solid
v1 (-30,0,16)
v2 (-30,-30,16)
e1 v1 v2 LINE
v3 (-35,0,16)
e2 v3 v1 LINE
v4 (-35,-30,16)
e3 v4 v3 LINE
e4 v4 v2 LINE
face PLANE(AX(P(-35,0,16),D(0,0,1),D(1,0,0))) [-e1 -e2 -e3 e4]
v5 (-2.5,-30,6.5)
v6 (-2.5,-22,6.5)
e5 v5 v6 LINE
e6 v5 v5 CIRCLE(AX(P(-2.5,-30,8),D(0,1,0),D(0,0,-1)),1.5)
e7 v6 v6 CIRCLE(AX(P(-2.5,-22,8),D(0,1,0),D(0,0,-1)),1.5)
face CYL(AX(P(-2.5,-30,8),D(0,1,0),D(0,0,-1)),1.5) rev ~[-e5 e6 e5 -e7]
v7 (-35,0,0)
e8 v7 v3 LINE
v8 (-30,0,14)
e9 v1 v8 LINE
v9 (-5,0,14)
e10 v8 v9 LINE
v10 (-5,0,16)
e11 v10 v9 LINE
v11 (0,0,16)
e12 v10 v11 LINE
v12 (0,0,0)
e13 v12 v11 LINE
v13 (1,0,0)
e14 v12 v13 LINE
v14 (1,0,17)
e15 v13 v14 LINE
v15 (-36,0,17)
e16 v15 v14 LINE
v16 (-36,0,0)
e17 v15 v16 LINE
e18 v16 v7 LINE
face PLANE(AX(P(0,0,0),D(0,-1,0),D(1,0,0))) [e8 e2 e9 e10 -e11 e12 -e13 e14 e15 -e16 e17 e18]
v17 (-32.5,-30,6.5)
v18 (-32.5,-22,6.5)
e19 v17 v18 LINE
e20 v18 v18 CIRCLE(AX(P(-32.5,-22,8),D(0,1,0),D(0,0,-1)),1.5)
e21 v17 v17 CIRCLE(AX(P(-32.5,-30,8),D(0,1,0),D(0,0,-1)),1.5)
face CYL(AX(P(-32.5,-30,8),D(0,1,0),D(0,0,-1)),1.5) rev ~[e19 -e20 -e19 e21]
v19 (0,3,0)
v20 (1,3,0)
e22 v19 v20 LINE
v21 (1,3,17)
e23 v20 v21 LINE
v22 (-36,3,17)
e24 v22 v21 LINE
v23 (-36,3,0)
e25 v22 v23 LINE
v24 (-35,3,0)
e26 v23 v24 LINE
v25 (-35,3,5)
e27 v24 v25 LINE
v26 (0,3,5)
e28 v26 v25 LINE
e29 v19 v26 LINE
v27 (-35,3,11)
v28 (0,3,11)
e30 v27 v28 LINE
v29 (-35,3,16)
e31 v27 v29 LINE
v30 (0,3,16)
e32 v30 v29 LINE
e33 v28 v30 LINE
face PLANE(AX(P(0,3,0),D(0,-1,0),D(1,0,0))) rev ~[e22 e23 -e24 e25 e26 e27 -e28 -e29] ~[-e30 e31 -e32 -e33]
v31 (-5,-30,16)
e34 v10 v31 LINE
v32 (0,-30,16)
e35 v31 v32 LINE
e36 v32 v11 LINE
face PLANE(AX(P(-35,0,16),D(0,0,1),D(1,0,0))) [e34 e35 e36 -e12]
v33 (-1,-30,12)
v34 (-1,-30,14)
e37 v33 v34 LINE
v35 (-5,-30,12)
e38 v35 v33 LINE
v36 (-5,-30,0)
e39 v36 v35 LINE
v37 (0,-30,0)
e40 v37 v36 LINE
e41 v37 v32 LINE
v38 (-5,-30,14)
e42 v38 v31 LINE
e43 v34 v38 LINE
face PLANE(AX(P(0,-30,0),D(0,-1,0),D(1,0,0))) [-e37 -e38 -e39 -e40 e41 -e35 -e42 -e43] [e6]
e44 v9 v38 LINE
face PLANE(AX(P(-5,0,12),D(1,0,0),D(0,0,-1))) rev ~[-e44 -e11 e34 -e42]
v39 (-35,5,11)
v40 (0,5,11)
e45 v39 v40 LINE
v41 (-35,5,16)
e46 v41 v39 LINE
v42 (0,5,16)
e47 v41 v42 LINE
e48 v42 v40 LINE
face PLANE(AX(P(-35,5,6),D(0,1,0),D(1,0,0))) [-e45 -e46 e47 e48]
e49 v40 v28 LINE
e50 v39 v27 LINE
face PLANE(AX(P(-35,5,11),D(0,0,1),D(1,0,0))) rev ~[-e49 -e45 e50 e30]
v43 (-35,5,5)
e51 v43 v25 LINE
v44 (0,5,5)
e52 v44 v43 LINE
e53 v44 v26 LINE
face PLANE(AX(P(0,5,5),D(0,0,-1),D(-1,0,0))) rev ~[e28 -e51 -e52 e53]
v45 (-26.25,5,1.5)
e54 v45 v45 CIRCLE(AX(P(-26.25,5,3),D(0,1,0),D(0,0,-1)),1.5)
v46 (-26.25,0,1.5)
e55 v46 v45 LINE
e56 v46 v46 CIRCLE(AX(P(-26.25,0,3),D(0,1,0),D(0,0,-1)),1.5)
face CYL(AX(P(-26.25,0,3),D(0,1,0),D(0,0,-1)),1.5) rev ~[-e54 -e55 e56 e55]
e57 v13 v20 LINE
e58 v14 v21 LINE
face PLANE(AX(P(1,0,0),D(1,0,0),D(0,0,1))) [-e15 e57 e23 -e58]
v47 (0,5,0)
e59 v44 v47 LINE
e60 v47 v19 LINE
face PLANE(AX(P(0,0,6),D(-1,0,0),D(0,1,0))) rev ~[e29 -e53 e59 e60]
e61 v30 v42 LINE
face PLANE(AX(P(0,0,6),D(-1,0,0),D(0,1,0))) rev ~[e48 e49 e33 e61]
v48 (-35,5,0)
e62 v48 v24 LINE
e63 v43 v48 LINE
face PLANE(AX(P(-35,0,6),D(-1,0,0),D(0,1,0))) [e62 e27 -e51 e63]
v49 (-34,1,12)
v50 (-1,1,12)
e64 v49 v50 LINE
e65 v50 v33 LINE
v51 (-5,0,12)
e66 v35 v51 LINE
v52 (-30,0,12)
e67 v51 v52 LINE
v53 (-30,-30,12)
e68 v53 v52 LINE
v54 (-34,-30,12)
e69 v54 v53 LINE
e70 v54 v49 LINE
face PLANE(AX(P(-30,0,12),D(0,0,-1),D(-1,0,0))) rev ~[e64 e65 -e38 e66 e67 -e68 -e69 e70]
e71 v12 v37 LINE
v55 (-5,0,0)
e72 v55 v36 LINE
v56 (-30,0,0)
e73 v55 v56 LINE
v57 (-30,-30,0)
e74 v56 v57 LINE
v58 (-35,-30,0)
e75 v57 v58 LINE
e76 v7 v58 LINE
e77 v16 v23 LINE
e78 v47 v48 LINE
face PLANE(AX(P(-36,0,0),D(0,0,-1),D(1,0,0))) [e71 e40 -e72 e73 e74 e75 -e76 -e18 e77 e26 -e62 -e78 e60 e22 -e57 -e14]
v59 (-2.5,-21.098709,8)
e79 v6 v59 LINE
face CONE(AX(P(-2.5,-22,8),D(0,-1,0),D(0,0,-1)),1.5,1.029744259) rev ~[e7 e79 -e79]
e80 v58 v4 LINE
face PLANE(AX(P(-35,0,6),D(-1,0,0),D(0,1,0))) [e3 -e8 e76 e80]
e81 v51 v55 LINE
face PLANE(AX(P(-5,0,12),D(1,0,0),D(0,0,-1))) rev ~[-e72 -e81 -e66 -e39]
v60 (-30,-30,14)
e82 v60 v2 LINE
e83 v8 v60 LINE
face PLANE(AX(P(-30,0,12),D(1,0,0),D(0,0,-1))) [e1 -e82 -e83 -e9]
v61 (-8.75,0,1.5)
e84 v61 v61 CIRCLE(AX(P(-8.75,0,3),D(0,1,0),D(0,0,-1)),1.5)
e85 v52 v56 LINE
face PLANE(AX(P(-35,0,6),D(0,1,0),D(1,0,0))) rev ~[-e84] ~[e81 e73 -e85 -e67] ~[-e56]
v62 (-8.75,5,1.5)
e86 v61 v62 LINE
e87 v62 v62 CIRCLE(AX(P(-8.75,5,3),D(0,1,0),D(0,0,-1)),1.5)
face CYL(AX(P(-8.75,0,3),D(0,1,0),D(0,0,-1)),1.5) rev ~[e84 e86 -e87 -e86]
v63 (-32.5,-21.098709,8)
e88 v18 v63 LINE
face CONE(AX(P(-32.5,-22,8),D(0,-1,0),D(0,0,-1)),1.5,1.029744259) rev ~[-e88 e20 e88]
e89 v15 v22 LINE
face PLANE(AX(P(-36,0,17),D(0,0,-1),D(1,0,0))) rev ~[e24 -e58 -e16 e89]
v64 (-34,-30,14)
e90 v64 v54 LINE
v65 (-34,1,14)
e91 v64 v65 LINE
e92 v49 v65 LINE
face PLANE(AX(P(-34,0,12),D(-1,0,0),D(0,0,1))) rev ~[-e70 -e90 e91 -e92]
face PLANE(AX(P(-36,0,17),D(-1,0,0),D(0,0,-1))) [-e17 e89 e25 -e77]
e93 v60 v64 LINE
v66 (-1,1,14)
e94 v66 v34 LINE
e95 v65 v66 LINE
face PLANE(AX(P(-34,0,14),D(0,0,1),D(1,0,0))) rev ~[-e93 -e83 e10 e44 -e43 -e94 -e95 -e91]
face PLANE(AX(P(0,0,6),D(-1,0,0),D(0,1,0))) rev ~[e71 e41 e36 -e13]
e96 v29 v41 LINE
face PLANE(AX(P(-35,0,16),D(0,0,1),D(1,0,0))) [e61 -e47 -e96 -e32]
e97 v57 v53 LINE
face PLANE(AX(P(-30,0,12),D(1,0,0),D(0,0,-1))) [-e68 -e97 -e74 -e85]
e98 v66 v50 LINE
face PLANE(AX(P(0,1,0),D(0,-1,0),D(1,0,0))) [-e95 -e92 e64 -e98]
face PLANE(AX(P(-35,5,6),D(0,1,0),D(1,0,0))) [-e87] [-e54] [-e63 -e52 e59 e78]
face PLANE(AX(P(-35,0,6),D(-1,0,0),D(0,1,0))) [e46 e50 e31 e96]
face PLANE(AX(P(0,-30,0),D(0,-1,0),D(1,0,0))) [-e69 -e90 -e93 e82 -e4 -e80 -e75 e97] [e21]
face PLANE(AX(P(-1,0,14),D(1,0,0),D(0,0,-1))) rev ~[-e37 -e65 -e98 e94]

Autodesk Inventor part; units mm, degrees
ref_plane "YZ Plane" through (0, 0, 0) normal (1, 0, 0) x (0, 1, 0)
ref_plane "XZ Plane" through (0, 0, 0) normal (0, 1, 0) x (-1, 0, 0)
ref_plane "XY Plane" through (0, 0, 0) normal (0, 0, 1) x (1, 0, 0)
sketch "Sketch1" plane through (0, 0, 0) normal (0, 1, 0) x (-1, 0, 0)
  line L0 (0, 0) -> (35, 0)
  line L1 (35, 0) -> (35, 6)
  line L2 (0, 6) -> (35, 6)
  line L3 (0, 0) -> (0, 6)
  line L4 (0, 6) -> (0, 0)
  line L5 (0, 3) -> (35, 3)
  line L6 (17.5, 3) -> (35, 3)
  line L7 (17.5, 3) -> (0, 3)
  point P0 (17.5, 0)
  point P1 (8.75, 3)
  point P2 (26.25, 3)
extrude "Extrusion1" add sketch "Sketch1" along normal blind 5
sketch "Sketch2" plane through (-35, 0, 6) normal (0, 0, 1) x (1, 0, 0)
  line L0 (0, 0) -> (35, 0) projected
  line L1 (35, 0) -> (35, 5) projected
  line L2 (0, 5) -> (35, 5) projected
  line L3 (0, 0) -> (0, 5) projected
extrude "Extrusion2" add sketch "Sketch2" along normal blind 10
sketch "Sketch3" plane through (0, 5, 0) normal (0, 1, 0) x (1, 0, 0)
  line L0 (0, 0) -> (0, -16) projected
  line L1 (0, 0) -> (-35, 0) projected
  line L2 (-35, 0) -> (-35, -16) projected
  line L3 (0, -16) -> (-35, -16) projected
  line L4 (-35, 0) -> (-35, -16) projected
  line L5 (-35, -11) -> (0, -11)
  line L6 (0, -11) -> (0, -5)
  line L7 (0, -5) -> (-35, -5)
  line L8 (-35, -5) -> (-35, -11)
  dimension "d4" = 5
  dimension "d5" = 5
extrude "Extrusion3" cut sketch "Sketch3" against normal blind 2 contours L0 L5 L2 L7
sketch "Sketch4" plane through (0, 0, 0) normal (0, -1, 0) x (1, 0, 0)
  line L0 (-35, 0) -> (0, 0)
  line L1 (0, 0) -> (0, 6)
  line L2 (-35, 6) -> (0, 6)
  line L3 (-35, 0) -> (-35, 6)
  line L4 (-35, 6) -> (-35, 0)
  line L5 (-35, 3) -> (0, 3)
  line L6 (-17.5, 3) -> (0, 3)
  line L7 (-17.5, 3) -> (-35, 3)
  point P0 (0, 0)
  point P1 (-17.5, 0)
  point P2 (-8.75, 3)
  point P3 (-26.25, 3)
hole "Hole1" at (-8.75, 0, 3) at (-26.25, 0, 3) direction (0, 1, 0) diameter 3 depth 8 tip angle 118
sketch "Sketch6" plane through (0, 0, 0) normal (0, -1, 0) x (1, 0, 0)
  circle A0 centre (-8.75, 3) radius 1.5 projected
  circle A1 centre (-26.25, 3) radius 1.5 projected
  line L0 (-35, 0) -> (-35, 16) projected
  line L1 (0, 0) -> (-35, 0) projected
  line L2 (0, 0) -> (0, 16) projected
  line L3 (-35, 16) -> (0, 16) projected
  line L4 (-35, 16) -> (-30, 16)
  line L5 (-30, 16) -> (-30, 0)
  line L6 (-30, 0) -> (-35, 0)
  line L7 (-35, 0) -> (-35, 16)
  line L8 (-35, 16) -> (0, 16) projected
  line L9 (0, 16) -> (-5, 16)
  line L10 (-5, 16) -> (-5, 0)
  line L11 (-5, 0) -> (0, 0)
  line L12 (0, 0) -> (0, 16)
  line L13 (-30, 13) -> (-5, 13)
  line L14 (-34, 14) -> (-1, 14)
  line L15 (-1, 14) -> (-1, 12)
  line L16 (-1, 12) -> (-34, 12)
  line L17 (-34, 12) -> (-34, 14)
  line L18 (-34, 14) -> (-1, 12) construction
  line L19 (-1, 14) -> (-34, 12) construction
  line L20 (-36, 17) -> (-36, 0)
  line L21 (-36, 0) -> (1, 0)
  line L22 (1, 0) -> (1, 17)
  line L23 (-36, 17) -> (1, 17)
  point P0 (-17.5, 13)
  dimension "d23" = 5
  dimension "d24" = 16
  dimension "d25" = 5
  dimension "d26" = 16
  dimension "d27" = 3
  dimension "d28" = 33
  dimension "d29" = 2
  dimension "d30" = 1
  dimension "d31" = 1
  dimension "d32" = 1
  dimension "d33" = 0
extrude "Extrusion5" add sketch "Sketch6" along normal blind 30 contours L0 L3 L5 L14 L17 L16 L1 | L10 L16 L15 L14 L3 L2 L1 | L16 L17 L14 L5 | L10 L14 L15 L16
extrude "Extrusion6" cut sketch "Sketch6" along normal blind 35 and the other way blind 1 contours L16 L17 L14 L5 | L5 L13 L10 L16 | L14 L10 L13 L5 | L10 L14 L15 L16
extrude "Extrusion7" add sketch "Sketch6" against normal up to surface (3 mm away) contours L21 L20 L23 L22 L2 L3 L0
sketch "Sketch7" plane through (0, -30, 0) normal (0, -1, 0) x (1, 0, 0)
  line L0 (-30, 12) -> (-34, 12) projected
  line L1 (-34, 12) -> (-34, 14) projected
  line L2 (-34, 14) -> (-30, 14) projected
  line L3 (-30, 14) -> (-30, 16) projected
  line L4 (-30, 16) -> (-35, 16) projected
  line L5 (-35, 16) -> (-35, 0) projected
  line L6 (-35, 0) -> (-30, 0) projected
  line L7 (-30, 0) -> (-30, 12) projected
  line L8 (-1, 12) -> (-5, 12) projected
  line L9 (-5, 12) -> (-5, 0) projected
  line L10 (-5, 0) -> (0, 0) projected
  line L11 (0, 0) -> (0, 16) projected
  line L12 (0, 16) -> (-5, 16) projected
  line L13 (-5, 16) -> (-5, 14) projected
  line L14 (-5, 14) -> (-1, 14) projected
  line L15 (-1, 14) -> (-1, 12) projected
  point P0 (0, 0)
sketch "Sketch8" plane through (0, -30, 0) normal (0, -1, 0) x (1, 0, 0)
  line L0 (-30, 12) -> (-34, 12) projected
  line L1 (-34, 12) -> (-34, 14) projected
  line L2 (-34, 14) -> (-30, 14) projected
  line L3 (-30, 14) -> (-30, 16) projected
  line L4 (-30, 16) -> (-35, 16) projected
  line L5 (-35, 16) -> (-35, 0) projected
  line L6 (-35, 0) -> (-30, 0) projected
  line L7 (-30, 0) -> (-30, 12) projected
  line L8 (-1, 12) -> (-5, 12) projected
  line L9 (-5, 12) -> (-5, 0) projected
  line L10 (-5, 0) -> (0, 0) projected
  line L11 (0, 0) -> (0, 16) projected
  line L12 (0, 16) -> (-5, 16) projected
  line L13 (-5, 16) -> (-5, 14) projected
  line L14 (-5, 14) -> (-1, 14) projected
  line L15 (-1, 14) -> (-1, 12) projected
  line L16 (-35, 16) -> (-30, 0)
  line L17 (-5, 0) -> (0, 16)
  point P0 (0, 0)
  point P1 (-32.5, 8)
  point P2 (-2.5, 8)
hole "Hole2" at (-32.5, -30, 8) at (-2.5, -30, 8) direction (0, 1, 0) diameter 3 depth 8 tip angle 118
properties part number "slide_sensor_clip" material "ABS Plastic"
